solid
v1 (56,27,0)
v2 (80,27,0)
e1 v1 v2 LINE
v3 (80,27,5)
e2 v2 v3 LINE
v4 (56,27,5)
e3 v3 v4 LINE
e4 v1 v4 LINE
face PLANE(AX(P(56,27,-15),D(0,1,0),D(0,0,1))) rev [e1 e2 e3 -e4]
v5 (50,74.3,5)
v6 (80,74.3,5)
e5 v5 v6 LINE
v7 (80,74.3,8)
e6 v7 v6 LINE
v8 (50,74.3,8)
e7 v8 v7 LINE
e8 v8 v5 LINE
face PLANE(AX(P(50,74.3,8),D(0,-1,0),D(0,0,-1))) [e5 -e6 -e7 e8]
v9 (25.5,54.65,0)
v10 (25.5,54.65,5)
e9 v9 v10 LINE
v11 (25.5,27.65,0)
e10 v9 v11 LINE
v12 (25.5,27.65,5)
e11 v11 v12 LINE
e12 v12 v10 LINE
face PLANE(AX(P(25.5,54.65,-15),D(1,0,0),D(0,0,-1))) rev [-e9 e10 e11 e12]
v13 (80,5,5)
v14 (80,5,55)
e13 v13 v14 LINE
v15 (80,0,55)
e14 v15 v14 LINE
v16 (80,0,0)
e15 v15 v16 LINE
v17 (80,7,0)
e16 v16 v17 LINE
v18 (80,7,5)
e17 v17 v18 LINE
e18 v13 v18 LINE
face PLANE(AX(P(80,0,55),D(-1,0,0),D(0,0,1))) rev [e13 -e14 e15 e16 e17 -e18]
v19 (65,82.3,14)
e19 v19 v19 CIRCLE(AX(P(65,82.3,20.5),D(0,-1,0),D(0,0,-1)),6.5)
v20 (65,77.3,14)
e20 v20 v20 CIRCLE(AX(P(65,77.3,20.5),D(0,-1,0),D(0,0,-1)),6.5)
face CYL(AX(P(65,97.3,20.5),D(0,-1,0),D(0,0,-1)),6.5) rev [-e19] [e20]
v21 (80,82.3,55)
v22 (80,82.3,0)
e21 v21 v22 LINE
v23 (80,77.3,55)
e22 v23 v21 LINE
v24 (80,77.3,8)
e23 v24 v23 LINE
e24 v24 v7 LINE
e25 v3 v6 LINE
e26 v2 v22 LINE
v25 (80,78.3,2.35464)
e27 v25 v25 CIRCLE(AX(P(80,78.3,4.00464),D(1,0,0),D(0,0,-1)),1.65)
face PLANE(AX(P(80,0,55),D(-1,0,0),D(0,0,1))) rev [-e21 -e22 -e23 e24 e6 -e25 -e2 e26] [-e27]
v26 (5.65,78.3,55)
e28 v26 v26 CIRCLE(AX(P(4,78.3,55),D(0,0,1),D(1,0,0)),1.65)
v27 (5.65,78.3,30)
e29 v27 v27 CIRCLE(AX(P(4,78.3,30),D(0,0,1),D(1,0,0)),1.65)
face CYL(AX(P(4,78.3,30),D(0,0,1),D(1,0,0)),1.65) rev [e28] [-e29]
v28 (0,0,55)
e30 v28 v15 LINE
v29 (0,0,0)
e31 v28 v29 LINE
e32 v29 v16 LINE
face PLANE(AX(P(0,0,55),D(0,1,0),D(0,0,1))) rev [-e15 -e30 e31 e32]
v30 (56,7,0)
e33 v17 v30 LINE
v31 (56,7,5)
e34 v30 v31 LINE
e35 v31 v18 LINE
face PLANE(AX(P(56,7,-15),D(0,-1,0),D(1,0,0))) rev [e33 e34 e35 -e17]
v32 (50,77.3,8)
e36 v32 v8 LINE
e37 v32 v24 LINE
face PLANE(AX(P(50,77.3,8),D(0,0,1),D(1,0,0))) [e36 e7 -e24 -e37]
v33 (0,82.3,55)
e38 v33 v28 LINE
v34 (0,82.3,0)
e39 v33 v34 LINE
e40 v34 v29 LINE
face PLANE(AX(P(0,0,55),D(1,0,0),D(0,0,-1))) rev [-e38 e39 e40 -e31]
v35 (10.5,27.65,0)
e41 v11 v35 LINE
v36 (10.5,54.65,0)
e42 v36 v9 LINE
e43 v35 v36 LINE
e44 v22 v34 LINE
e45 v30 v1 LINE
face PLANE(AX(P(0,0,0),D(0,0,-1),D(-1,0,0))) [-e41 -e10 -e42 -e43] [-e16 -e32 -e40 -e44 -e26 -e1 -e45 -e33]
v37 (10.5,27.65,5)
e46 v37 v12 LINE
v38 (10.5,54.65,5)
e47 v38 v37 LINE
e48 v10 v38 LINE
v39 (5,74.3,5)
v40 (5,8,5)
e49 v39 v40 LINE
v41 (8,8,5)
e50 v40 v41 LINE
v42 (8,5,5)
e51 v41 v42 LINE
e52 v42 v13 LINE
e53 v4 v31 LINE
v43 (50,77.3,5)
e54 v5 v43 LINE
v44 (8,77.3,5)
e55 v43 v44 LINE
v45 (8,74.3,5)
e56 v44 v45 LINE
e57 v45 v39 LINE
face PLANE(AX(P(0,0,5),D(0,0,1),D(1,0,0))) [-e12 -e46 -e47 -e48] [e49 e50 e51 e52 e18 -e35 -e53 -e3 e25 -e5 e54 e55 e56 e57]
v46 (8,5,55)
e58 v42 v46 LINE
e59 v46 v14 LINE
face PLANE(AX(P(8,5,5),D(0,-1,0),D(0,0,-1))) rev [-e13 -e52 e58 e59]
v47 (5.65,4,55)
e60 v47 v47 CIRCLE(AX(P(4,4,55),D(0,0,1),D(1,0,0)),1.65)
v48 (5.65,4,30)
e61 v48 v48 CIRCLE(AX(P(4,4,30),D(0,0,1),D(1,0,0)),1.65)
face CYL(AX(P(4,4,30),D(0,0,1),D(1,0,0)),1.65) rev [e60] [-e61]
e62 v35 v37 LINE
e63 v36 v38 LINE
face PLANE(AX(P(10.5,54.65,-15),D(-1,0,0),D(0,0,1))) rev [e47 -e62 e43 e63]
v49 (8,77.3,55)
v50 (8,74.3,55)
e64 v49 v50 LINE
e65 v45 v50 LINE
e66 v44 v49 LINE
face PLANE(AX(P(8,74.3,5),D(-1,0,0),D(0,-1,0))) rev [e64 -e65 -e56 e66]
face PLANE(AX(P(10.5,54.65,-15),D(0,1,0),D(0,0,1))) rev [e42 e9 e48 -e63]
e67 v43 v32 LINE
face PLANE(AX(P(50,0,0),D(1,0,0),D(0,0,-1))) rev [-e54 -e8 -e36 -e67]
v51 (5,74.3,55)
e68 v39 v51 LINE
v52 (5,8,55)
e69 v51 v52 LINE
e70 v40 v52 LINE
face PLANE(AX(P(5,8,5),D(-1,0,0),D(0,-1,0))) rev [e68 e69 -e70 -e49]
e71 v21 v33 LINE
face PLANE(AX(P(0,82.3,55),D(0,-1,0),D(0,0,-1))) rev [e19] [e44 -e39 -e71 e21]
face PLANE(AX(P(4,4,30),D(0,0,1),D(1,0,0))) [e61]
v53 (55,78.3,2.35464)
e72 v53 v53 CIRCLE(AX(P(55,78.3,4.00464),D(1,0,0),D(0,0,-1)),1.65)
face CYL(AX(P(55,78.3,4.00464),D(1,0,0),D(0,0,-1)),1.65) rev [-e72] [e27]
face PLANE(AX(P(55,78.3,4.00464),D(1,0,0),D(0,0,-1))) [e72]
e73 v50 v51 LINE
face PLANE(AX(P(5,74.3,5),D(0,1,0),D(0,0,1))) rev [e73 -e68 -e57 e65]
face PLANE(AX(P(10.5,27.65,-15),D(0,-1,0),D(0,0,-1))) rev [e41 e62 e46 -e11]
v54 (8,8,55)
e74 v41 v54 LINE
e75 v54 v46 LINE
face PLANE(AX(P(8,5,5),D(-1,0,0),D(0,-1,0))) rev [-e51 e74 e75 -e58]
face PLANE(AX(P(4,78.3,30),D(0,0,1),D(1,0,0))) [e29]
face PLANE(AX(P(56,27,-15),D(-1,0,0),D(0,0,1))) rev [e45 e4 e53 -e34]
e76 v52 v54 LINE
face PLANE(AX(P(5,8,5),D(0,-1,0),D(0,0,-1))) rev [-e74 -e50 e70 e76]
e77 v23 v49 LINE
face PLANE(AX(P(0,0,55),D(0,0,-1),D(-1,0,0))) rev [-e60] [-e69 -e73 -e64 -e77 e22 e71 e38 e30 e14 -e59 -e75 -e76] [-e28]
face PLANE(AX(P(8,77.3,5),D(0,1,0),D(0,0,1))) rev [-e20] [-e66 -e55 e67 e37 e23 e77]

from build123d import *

# Parameters (mm, degrees)
SKETCH1_W           = 80
SKETCH1_H           = 82.3
BOSS_EXTRUDE1_DEPTH = 55
CUT_EXTRUDE1_DEPTH  = 50
SKETCH3_R           = 1.65
CUT_EXTRUDE2_DEPTH  = 25
SKETCH4_W           = 15
SKETCH4_H           = 27
SKETCH4_W_2         = 24
SKETCH4_H_2         = 20
CUT_EXTRUDE3_DEPTH  = 20
SKETCH6_R           = 6.5
CUT_EXTRUDE4_DEPTH  = 20
SKETCH7_W           = 3
SKETCH7_H           = 3
BOSS_EXTRUDE2_DEPTH = 30
SKETCH8_R           = 1.65
CUT_EXTRUDE5_DEPTH  = 25


with BuildPart() as part:
    # Sketch1 → Boss-Extrude1 (new body)
    with BuildSketch(Plane.XY):
        with Locations((40, 41.15)):
            Rectangle(SKETCH1_W, SKETCH1_H)
    extrude(amount=BOSS_EXTRUDE1_DEPTH)

    # Sketch2 → Cut-Extrude1 (cut)
    with BuildSketch(Plane.XY.offset(55)):
        Polygon((80, 5), (80, 77.3), (8, 77.3), (8, 74.3), (5, 74.3), (5, 8), (8, 8), (8, 5), align=None)
    extrude(amount=-CUT_EXTRUDE1_DEPTH, mode=Mode.SUBTRACT)

    # Sketch3 → Cut-Extrude2 (cut)
    with BuildSketch(Plane.XY.offset(55)):
        with Locations((4, 78.3)):
            Circle(SKETCH3_R)
        with Locations((4, 4)):
            Circle(SKETCH3_R)
    extrude(amount=-CUT_EXTRUDE2_DEPTH, mode=Mode.SUBTRACT)

    # Sketch4 → Cut-Extrude3 (cut)
    with BuildSketch(Plane.XY.offset(5)):
        with Locations((18, 41.15)):
            Rectangle(SKETCH4_W, SKETCH4_H)
        with Locations((68, 17)):
            Rectangle(SKETCH4_W_2, SKETCH4_H_2)
    extrude(amount=-CUT_EXTRUDE3_DEPTH, mode=Mode.SUBTRACT)

    # Sketch6 → Cut-Extrude4 (cut)
    with BuildSketch(Plane.XZ.offset(-77.3)):
        with Locations((65, 20.5)):
            Circle(SKETCH6_R)
    extrude(amount=-CUT_EXTRUDE4_DEPTH, mode=Mode.SUBTRACT)

    # Sketch7 → Boss-Extrude2 (add)
    with BuildSketch(Plane(origin=(80, 0, 0), x_dir=(0, 0, -1), z_dir=(1, 0, 0))):
        with Locations((-6.5, 75.8)):
            Rectangle(SKETCH7_W, SKETCH7_H)
    extrude(amount=-BOSS_EXTRUDE2_DEPTH)

    # Sketch8 → Cut-Extrude5 (cut)
    with BuildSketch(Plane(origin=(80, 0, 0), x_dir=(0, 0, -1), z_dir=(1, 0, 0))):
        with Locations((-4.004640203, 78.3)):
            Circle(SKETCH8_R)
    extrude(amount=-CUT_EXTRUDE5_DEPTH, mode=Mode.SUBTRACT)


solid = part.part
